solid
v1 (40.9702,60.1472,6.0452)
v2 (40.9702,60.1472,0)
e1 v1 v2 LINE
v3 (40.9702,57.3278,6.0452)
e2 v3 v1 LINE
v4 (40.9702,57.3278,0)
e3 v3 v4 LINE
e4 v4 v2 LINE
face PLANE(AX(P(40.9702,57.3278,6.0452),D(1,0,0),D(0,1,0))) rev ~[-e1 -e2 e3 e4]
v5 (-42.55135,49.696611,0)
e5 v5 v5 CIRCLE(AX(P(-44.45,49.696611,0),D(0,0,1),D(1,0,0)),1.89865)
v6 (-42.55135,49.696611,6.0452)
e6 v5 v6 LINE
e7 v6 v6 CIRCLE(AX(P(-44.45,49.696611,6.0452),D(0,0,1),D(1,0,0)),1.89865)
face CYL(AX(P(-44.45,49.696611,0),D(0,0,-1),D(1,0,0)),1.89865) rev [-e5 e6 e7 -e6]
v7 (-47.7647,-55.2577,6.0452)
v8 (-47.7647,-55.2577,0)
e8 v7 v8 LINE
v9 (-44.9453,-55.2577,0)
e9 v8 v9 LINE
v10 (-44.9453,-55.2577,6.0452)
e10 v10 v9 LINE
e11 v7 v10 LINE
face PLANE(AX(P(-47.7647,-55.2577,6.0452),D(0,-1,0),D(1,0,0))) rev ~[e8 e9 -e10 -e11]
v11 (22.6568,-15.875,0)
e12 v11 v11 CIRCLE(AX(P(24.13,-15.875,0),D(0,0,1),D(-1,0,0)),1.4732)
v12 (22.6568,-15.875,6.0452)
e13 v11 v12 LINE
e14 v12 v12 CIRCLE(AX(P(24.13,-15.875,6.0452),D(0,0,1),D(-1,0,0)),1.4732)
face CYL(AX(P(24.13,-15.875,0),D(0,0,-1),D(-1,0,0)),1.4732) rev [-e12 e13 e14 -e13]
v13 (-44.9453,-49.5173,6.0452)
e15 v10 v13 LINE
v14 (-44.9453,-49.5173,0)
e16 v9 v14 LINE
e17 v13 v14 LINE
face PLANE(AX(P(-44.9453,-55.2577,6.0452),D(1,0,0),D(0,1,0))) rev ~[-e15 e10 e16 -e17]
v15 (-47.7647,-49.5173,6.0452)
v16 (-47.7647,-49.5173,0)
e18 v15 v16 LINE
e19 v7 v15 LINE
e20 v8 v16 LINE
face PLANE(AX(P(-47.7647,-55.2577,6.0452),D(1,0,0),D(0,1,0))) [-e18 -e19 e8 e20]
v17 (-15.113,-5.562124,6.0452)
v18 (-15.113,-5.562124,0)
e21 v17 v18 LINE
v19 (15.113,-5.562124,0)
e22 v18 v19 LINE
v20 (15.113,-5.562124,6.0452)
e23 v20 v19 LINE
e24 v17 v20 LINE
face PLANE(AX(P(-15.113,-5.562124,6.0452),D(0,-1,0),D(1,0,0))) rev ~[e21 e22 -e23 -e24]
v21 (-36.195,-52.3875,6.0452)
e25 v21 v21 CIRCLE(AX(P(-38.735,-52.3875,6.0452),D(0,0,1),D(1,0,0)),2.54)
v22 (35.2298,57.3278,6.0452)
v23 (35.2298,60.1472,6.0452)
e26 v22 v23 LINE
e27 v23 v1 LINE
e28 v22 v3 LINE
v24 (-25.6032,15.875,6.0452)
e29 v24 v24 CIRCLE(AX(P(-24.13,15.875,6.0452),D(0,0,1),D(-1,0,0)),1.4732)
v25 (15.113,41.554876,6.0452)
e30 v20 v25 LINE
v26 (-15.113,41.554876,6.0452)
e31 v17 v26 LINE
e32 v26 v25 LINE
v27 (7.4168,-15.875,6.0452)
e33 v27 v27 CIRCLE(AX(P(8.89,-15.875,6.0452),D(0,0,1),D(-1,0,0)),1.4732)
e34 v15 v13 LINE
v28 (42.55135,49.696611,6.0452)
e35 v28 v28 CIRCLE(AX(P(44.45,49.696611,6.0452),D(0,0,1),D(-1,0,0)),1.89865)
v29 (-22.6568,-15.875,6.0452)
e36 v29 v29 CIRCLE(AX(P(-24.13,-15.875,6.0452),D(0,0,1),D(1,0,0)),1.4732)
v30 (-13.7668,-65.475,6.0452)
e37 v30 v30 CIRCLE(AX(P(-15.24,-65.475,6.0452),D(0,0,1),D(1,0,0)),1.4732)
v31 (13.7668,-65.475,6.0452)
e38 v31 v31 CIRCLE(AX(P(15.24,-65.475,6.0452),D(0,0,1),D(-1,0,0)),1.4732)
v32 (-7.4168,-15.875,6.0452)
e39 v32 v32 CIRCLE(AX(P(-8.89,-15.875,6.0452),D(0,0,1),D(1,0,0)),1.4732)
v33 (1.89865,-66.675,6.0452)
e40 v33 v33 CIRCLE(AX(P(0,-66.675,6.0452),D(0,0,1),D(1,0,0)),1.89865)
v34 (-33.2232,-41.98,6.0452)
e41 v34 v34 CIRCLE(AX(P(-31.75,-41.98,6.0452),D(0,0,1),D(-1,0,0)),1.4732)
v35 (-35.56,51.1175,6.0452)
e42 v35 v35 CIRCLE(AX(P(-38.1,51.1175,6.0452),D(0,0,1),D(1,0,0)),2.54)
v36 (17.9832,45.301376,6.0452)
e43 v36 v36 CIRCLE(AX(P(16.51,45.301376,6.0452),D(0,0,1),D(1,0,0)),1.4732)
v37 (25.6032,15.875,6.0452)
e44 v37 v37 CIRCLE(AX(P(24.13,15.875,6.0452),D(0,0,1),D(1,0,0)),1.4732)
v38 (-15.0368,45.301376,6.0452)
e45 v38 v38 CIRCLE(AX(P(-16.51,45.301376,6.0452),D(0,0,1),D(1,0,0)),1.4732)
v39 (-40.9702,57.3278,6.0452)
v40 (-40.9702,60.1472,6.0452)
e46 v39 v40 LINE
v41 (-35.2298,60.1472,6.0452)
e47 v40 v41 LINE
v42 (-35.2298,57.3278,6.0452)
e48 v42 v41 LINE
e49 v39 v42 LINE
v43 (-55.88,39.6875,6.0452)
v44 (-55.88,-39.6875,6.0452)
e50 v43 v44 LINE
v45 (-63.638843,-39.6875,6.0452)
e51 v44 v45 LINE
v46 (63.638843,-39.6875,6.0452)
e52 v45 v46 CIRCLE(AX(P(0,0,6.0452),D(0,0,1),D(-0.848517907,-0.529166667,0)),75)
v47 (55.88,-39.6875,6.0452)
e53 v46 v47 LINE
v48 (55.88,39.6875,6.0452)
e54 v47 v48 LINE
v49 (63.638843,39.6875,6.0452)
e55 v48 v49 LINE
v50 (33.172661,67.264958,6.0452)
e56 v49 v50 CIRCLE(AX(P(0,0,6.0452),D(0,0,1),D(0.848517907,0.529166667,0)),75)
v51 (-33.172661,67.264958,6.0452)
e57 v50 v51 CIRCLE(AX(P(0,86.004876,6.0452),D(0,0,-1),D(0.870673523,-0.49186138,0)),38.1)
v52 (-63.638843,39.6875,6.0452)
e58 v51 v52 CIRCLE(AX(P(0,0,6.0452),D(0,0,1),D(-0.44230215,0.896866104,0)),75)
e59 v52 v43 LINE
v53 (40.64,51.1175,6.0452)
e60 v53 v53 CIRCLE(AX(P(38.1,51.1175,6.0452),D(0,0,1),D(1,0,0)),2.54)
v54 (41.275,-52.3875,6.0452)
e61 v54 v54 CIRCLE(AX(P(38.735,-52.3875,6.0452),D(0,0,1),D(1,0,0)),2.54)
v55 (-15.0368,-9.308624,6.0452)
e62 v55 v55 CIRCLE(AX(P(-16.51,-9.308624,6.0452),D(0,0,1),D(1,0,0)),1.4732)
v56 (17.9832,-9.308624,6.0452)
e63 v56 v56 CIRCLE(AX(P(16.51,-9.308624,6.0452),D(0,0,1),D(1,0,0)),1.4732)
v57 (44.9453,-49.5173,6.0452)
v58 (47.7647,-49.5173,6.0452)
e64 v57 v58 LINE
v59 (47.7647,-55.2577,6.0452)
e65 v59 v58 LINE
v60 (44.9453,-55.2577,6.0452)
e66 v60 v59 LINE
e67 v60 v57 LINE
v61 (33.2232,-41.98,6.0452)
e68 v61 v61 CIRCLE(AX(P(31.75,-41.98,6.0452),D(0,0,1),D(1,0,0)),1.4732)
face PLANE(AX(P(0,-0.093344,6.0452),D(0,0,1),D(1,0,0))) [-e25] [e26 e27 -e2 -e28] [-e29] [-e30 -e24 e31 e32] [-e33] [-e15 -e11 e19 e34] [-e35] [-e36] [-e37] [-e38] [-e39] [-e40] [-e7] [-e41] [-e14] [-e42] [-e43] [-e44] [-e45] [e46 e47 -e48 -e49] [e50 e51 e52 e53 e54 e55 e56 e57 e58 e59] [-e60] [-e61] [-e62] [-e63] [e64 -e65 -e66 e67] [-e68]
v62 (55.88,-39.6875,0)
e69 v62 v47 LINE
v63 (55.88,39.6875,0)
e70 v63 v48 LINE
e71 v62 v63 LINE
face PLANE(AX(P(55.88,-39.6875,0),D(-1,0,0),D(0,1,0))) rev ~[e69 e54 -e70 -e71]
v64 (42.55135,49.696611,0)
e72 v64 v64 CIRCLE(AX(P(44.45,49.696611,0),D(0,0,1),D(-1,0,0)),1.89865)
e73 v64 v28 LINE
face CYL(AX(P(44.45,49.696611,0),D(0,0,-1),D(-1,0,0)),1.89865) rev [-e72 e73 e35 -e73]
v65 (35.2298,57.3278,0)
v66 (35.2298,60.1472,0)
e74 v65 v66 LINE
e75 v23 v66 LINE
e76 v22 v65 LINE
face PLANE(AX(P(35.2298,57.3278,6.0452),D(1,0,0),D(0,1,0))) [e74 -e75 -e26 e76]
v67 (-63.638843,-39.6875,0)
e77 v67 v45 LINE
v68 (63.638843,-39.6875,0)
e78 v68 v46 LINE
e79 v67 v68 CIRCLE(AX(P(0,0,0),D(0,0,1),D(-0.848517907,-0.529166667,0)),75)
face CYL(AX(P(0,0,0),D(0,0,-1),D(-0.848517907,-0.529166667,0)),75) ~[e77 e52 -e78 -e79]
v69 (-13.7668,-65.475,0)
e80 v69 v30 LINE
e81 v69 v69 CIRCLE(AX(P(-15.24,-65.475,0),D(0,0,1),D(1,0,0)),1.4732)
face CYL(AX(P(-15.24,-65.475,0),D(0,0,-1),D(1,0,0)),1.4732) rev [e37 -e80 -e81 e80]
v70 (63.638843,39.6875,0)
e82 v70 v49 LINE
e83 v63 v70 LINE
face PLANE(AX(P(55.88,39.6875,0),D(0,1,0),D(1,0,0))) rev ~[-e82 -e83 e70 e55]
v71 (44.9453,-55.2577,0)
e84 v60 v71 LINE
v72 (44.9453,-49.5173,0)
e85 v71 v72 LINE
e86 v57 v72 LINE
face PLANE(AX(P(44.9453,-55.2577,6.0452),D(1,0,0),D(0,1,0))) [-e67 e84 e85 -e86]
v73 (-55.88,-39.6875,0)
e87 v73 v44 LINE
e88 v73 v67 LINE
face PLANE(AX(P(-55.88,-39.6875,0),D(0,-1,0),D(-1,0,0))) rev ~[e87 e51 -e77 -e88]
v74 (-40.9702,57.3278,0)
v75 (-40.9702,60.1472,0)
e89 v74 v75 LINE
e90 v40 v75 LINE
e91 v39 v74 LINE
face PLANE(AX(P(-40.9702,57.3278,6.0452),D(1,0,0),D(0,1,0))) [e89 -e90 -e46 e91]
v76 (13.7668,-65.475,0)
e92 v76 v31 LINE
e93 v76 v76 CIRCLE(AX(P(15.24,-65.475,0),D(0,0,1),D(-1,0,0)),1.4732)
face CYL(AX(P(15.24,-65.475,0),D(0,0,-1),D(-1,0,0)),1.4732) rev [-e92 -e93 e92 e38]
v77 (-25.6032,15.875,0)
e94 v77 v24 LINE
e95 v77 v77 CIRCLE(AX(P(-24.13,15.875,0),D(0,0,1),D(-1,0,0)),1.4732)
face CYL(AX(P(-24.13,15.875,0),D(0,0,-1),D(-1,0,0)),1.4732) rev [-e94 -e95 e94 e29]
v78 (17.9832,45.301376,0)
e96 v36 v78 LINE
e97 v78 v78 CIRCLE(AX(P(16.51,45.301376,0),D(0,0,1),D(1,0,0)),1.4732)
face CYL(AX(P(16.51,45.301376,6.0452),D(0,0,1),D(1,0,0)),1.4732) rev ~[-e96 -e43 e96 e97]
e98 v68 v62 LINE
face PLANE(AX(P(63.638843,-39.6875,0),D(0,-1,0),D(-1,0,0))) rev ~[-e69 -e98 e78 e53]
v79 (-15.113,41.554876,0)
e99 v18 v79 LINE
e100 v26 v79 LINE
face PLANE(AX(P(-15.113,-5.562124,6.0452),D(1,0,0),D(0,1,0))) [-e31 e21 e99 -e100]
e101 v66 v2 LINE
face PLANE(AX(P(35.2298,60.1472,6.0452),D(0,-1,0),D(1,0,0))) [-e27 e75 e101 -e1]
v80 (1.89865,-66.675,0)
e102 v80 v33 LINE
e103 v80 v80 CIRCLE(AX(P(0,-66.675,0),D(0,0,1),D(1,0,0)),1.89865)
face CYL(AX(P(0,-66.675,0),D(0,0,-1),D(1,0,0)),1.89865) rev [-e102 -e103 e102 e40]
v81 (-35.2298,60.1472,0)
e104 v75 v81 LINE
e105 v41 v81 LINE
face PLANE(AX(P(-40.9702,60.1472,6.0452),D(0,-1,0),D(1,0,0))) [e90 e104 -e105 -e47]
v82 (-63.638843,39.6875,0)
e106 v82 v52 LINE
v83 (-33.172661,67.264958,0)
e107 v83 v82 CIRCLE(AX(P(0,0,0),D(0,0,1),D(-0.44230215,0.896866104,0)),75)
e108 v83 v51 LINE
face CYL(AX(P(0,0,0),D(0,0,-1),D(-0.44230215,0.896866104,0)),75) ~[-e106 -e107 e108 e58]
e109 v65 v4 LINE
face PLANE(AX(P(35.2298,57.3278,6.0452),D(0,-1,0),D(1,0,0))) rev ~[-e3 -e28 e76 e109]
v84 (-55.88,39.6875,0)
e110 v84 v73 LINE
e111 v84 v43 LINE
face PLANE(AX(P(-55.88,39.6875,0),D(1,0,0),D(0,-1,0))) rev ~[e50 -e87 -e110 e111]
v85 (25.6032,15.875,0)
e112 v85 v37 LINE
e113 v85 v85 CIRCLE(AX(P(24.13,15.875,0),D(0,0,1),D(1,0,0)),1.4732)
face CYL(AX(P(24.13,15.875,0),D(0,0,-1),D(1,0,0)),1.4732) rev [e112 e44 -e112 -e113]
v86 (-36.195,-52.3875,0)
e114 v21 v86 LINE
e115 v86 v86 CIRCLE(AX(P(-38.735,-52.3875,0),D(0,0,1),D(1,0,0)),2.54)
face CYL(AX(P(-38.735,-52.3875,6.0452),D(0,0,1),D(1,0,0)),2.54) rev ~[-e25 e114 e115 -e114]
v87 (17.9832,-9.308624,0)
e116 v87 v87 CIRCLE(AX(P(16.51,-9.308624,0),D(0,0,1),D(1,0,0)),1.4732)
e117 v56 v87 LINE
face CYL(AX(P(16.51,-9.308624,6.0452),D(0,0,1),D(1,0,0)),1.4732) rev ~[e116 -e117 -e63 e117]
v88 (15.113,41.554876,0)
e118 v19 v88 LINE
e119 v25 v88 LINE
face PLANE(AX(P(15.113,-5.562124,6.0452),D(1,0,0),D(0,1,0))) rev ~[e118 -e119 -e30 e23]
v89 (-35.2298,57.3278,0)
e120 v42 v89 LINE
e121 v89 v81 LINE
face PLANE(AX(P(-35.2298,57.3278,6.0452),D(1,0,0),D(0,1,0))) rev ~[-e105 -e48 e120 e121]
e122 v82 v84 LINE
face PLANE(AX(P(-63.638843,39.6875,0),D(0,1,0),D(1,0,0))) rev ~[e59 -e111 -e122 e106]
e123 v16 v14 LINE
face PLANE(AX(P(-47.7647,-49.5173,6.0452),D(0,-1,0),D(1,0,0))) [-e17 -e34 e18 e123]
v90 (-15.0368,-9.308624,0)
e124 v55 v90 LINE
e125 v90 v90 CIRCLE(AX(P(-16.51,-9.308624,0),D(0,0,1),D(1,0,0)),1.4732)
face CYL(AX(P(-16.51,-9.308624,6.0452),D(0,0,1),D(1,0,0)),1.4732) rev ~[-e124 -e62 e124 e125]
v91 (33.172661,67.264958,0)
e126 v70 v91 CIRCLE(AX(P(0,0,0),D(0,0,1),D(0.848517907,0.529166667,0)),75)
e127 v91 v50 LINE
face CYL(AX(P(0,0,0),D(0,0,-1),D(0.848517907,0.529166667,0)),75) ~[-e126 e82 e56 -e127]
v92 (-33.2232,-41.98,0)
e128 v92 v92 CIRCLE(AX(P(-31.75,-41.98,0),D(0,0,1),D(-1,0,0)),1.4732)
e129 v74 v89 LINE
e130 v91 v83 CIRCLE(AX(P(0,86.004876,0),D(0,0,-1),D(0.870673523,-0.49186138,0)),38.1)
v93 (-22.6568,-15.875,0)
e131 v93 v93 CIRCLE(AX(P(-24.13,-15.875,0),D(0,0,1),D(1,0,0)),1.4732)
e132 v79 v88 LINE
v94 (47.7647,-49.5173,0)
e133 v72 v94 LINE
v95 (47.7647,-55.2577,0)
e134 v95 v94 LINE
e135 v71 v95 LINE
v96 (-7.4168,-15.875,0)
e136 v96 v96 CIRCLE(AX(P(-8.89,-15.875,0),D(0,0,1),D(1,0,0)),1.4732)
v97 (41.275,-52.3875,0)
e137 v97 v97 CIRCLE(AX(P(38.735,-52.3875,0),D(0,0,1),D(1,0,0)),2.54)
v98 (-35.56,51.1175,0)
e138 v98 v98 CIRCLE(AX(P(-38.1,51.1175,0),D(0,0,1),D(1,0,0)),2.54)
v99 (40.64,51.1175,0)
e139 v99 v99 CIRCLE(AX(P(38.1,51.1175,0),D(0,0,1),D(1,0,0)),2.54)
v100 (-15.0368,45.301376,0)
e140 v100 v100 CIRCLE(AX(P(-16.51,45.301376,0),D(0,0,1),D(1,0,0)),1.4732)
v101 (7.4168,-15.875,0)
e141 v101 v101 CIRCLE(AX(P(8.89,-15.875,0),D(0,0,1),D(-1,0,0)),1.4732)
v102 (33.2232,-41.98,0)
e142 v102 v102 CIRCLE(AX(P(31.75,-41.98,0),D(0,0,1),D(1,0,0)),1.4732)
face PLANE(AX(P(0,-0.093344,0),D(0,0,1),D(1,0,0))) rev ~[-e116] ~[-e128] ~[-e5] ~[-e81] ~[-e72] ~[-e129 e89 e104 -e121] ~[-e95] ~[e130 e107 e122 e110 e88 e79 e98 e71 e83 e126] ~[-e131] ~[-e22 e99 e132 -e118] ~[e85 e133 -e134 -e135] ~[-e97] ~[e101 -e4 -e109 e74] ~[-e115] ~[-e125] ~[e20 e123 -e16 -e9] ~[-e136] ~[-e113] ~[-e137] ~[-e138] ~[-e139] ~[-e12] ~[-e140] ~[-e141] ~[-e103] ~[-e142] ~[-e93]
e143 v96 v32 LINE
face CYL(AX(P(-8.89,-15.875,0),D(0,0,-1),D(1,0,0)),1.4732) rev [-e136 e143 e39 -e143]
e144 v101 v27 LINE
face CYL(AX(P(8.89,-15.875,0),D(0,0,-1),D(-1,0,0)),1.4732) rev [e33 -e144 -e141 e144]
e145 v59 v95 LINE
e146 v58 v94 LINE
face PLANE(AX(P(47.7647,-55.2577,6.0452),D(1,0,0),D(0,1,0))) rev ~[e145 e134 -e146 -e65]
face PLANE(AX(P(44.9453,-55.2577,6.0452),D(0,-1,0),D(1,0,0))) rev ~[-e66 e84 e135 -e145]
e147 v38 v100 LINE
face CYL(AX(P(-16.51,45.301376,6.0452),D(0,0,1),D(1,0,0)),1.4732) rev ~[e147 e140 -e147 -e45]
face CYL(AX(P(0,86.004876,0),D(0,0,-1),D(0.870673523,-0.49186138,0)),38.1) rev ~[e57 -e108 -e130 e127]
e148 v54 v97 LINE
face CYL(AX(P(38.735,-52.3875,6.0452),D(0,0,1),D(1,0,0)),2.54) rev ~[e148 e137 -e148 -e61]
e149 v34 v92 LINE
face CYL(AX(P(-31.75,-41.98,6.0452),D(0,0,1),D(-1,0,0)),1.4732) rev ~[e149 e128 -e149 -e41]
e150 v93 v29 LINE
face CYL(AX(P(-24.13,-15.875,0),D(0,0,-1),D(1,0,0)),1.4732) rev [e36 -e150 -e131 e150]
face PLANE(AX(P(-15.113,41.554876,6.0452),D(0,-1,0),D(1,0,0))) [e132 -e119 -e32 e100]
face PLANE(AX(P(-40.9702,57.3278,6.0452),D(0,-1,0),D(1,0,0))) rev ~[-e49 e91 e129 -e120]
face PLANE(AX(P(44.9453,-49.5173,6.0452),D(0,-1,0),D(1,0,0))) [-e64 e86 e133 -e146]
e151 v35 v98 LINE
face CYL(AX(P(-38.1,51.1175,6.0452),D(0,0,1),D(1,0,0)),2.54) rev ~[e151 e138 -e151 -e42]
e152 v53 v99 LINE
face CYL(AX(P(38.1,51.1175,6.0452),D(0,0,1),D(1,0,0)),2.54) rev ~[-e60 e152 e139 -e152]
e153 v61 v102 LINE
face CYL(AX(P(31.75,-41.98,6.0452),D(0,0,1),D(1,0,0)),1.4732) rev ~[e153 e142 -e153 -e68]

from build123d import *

# Parameters (mm, degrees)
SKETCH1_R           = 1.89865
SKETCH1_R_2         = 1.4732
BOSS_EXTRUDE3_DEPTH = 6.0452
SKETCH7_R           = 1.4732
CUT_EXTRUDE2_DEPTH  = 99.546673139
SKETCH9_R           = 1.4732
SKETCH9_W           = 30.226
SKETCH9_H           = 47.117
CUT_EXTRUDE3_DEPTH  = 14.732
SKETCH10_R          = 2.54
SKETCH10_W          = 5.7404
SKETCH10_H          = 2.8194
SKETCH10_W_2        = 2.8194
SKETCH10_H_2        = 5.7404
CUT_EXTRUDE4_DEPTH  = 6.0452


with BuildPart() as part:
    # Sketch1 → Boss-Extrude3 (new body)
    with BuildSketch(Plane.XY):
        with BuildLine():
            Line((-63.638843042, 39.6875), (-55.88, 39.6875))
            Line((-55.88, 39.6875), (-55.88, -39.6875))
            Line((-55.88, -39.6875), (-63.638843042, -39.6875))
            ThreePointArc((-63.638843042, -39.6875), (0, -75), (63.638843042, -39.6875))
            Line((63.638843042, -39.6875), (55.88, -39.6875))
            Line((55.88, -39.6875), (55.88, 39.6875))
            Line((55.88, 39.6875), (63.638843042, 39.6875))
            ThreePointArc((63.638843042, 39.6875), (50.33136084, 55.603544096), (33.172661219, 67.264957799))
            ThreePointArc((33.172661219, 67.264957799), (0, 47.904876359), (-33.172661219, 67.264957799))
            ThreePointArc((-33.172661219, 67.264957799), (-50.33136084, 55.603544096), (-63.638843042, 39.6875))
        make_face()
        with Locations((0, -66.675)):
            Circle(SKETCH1_R, mode=Mode.SUBTRACT)
        with Locations((-44.45, 49.6966108)):
            Circle(SKETCH1_R, mode=Mode.SUBTRACT)
        with Locations(Location((44.45, 49.6966108, 0), (0, 0, 180))):
            Circle(SKETCH1_R, mode=Mode.SUBTRACT)
        with Locations((-24.13, -15.875)):
            Circle(SKETCH1_R_2, mode=Mode.SUBTRACT)
        with Locations((-8.89, -15.875)):
            Circle(SKETCH1_R_2, mode=Mode.SUBTRACT)
        with Locations(Location((8.89, -15.875, 0), (0, 0, 180))):
            Circle(SKETCH1_R_2, mode=Mode.SUBTRACT)
        with Locations((-15.24, -65.475)):
            Circle(SKETCH1_R_2, mode=Mode.SUBTRACT)
        with Locations(Location((15.24, -65.475, 0), (0, 0, 180))):
            Circle(SKETCH1_R_2, mode=Mode.SUBTRACT)
        with Locations(Location((24.13, -15.875, 0), (0, 0, 180))):
            Circle(SKETCH1_R_2, mode=Mode.SUBTRACT)
        with Locations((8.89, 15.875)):
            Circle(SKETCH1_R_2, mode=Mode.SUBTRACT)
        with Locations(Location((-8.89, 15.875, 0), (0, 0, 180))):
            Circle(SKETCH1_R_2, mode=Mode.SUBTRACT)
        with Locations((24.13, 15.875)):
            Circle(SKETCH1_R_2, mode=Mode.SUBTRACT)
        with Locations(Location((-24.13, 15.875, 0), (0, 0, 180))):
            Circle(SKETCH1_R_2, mode=Mode.SUBTRACT)
    extrude(amount=BOSS_EXTRUDE3_DEPTH)

    # Sketch7 → Cut-Extrude2 (cut, through all)
    with BuildSketch(Plane.XY.offset(6.0452)):
        with Locations(Location((-31.75, -41.98, 0), (0, 0, 180))):
            Circle(SKETCH7_R)
        with Locations((31.75, -41.98)):
            Circle(SKETCH7_R)
    extrude(amount=-CUT_EXTRUDE2_DEPTH, mode=Mode.SUBTRACT)

    # Sketch9 → Cut-Extrude3 (cut)
    with BuildSketch(Plane.XY.offset(6.0452)):
        with Locations((-16.51, 45.301376359)):
            Circle(SKETCH9_R)
        with Locations((16.51, 45.301376359)):
            Circle(SKETCH9_R)
        with Locations((-16.51, -9.308623641)):
            Circle(SKETCH9_R)
        with Locations((16.51, -9.308623641)):
            Circle(SKETCH9_R)
        with Locations((0, 17.996376359)):
            Rectangle(SKETCH9_W, SKETCH9_H)
    extrude(amount=-CUT_EXTRUDE3_DEPTH, mode=Mode.SUBTRACT)

    # Sketch10 → Cut-Extrude4 (cut)
    with BuildSketch(Plane.XY.offset(6.0452)):
        with Locations((-38.735, -52.3875)):
            Circle(SKETCH10_R)
        with Locations((38.735, -52.3875)):
            Circle(SKETCH10_R)
        with Locations((-38.1, 51.1175)):
            Circle(SKETCH10_R)
        with Locations((38.1, 51.1175)):
            Circle(SKETCH10_R)
        with Locations((-38.1, 58.7375)):
            Rectangle(SKETCH10_W, SKETCH10_H)
        with Locations((38.1, 58.7375)):
            Rectangle(SKETCH10_W, SKETCH10_H)
        with Locations((-46.355, -52.3875)):
            Rectangle(SKETCH10_W_2, SKETCH10_H_2)
        with Locations((46.355, -52.3875)):
            Rectangle(SKETCH10_W_2, SKETCH10_H_2)
    extrude(amount=-CUT_EXTRUDE4_DEPTH, mode=Mode.SUBTRACT)


solid = part.part
